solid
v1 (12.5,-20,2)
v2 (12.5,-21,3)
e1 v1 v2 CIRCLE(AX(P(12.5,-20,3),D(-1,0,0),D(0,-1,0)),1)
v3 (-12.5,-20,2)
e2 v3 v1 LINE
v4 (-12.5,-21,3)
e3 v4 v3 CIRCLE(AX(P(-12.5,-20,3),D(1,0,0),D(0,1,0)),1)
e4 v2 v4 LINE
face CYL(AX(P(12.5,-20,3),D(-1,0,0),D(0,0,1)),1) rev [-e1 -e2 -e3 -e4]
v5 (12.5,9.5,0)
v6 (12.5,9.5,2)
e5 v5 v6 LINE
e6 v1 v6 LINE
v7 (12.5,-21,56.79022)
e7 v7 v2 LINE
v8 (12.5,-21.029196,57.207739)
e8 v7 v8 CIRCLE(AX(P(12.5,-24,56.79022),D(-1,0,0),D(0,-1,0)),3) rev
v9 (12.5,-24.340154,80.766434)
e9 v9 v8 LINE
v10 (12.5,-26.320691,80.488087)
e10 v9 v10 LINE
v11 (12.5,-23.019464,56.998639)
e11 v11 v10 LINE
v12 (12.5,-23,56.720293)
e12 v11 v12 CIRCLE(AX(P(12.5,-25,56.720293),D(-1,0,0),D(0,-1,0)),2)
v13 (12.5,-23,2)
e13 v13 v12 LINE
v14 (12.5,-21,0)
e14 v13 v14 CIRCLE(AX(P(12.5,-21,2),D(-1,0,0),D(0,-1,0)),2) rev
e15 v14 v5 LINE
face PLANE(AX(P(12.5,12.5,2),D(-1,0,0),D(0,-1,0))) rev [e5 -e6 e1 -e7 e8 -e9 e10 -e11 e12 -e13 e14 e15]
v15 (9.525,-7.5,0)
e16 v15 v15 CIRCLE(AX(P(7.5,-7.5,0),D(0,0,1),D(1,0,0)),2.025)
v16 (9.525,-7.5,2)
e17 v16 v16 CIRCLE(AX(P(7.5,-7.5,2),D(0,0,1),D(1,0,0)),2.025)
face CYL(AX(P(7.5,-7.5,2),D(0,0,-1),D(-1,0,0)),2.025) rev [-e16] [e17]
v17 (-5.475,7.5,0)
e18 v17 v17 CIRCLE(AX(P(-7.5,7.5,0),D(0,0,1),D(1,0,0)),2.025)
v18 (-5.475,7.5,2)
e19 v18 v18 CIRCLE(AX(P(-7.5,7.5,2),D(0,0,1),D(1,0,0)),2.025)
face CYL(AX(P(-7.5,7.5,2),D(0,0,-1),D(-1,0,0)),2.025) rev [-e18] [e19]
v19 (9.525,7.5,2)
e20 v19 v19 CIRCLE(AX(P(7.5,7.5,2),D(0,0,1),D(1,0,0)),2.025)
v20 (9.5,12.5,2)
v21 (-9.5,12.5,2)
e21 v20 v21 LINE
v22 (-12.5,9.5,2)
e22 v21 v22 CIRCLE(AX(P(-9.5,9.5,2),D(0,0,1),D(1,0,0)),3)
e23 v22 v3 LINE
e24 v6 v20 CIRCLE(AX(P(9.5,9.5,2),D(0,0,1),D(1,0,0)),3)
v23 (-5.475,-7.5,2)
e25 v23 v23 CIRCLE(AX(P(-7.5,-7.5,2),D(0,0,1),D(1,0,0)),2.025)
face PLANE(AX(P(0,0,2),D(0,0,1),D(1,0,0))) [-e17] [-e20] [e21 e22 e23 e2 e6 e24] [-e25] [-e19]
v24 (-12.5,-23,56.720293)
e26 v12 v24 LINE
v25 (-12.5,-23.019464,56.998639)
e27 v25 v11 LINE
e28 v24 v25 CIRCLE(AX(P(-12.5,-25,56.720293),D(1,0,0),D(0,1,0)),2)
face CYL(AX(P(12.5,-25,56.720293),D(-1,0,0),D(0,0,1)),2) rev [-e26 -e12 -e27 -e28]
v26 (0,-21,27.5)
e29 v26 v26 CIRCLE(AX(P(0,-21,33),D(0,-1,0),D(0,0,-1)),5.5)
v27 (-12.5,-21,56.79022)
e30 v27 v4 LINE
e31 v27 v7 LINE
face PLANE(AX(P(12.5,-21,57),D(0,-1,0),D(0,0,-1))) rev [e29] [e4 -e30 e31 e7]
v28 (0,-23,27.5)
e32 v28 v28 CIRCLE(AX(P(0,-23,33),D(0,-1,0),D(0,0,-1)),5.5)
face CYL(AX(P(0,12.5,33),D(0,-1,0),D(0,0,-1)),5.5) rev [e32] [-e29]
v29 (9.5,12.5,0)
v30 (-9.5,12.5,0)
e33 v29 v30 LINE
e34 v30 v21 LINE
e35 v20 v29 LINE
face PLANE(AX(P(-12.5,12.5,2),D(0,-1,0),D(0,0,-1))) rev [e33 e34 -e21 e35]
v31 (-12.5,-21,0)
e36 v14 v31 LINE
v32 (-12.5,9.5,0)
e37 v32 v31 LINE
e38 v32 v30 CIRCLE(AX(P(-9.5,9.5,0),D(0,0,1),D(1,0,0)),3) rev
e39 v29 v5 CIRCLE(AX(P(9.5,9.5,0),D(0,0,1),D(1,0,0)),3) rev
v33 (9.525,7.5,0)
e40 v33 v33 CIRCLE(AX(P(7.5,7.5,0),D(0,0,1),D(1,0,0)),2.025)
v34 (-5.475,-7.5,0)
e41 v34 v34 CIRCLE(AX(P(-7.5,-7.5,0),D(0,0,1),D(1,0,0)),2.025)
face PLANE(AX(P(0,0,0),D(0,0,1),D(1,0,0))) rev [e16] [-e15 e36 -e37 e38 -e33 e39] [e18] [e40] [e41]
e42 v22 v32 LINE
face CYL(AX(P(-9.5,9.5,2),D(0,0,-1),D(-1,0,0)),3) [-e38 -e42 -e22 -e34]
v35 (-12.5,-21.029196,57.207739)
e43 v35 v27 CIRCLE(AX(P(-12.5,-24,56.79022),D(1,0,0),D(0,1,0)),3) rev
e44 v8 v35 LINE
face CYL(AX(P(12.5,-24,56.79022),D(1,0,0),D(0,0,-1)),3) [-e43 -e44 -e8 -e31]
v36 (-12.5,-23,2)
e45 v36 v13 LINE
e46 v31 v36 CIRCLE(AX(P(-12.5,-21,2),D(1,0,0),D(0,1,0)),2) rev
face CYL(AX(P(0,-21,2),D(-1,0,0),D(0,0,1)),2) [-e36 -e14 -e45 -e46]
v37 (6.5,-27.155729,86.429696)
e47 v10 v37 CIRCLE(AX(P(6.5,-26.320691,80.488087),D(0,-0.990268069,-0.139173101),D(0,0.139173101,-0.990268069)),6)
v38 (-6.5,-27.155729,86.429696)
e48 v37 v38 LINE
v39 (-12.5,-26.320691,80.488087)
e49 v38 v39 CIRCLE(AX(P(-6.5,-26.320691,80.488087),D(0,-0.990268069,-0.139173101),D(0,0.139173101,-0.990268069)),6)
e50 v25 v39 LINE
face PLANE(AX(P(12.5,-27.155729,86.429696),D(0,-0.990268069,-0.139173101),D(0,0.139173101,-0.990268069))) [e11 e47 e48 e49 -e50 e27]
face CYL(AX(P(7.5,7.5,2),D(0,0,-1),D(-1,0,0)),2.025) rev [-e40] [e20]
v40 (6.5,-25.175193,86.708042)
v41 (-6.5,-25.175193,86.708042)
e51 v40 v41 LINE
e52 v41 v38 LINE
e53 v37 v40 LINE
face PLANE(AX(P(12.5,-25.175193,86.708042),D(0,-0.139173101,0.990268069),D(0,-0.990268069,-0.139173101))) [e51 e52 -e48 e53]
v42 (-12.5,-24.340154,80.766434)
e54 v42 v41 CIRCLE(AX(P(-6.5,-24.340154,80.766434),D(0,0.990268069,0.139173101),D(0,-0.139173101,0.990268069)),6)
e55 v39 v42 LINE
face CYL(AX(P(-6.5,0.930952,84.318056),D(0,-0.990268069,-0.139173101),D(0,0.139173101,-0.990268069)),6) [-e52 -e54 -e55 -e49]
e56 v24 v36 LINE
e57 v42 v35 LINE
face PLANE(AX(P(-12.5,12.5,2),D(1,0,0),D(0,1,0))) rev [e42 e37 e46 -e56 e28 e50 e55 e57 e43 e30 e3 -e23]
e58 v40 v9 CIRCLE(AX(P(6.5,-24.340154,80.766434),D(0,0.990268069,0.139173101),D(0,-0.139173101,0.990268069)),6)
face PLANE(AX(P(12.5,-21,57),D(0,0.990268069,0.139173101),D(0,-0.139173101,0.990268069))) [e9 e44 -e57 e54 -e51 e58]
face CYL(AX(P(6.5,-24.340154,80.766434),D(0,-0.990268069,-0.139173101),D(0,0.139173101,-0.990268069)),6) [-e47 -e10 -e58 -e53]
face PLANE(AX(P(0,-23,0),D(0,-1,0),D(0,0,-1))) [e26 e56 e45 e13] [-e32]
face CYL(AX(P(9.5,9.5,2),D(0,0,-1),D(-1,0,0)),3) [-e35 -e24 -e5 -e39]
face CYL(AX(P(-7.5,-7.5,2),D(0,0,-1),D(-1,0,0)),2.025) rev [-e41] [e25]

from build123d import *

# Parameters (mm, degrees)
SKETCH1_W           = 25
SKETCH1_H           = 25
SKETCH1_R           = 2.025
BOSS_EXTRUDE1_DEPTH = 2
SKETCH2_W           = 25
SKETCH2_H           = 2
BOSS_EXTRUDE2_DEPTH = 10.5
SKETCH3_W           = 25
SKETCH3_H           = 2
BOSS_EXTRUDE3_DEPTH = 55
FILLET1_R           = 3
FILLET2_R           = 2
FILLET3_R           = 1
BOSS_EXTRUDE4_DEPTH = 25
FILLET4_R           = 3
FILLET5_R           = 2
SKETCH6_R           = 5.5
CUT_EXTRUDE1_DEPTH  = 95.523989327
FILLET6_R           = 6


with BuildPart() as part:
    # Sketch1 → Boss-Extrude1 (new body)
    with BuildSketch(Plane.XY):
        Rectangle(SKETCH1_W, SKETCH1_H)
        with Locations((-7.5, 7.5)):
            Circle(SKETCH1_R, mode=Mode.SUBTRACT)
        with Locations((7.5, 7.5)):
            Circle(SKETCH1_R, mode=Mode.SUBTRACT)
        with Locations((7.5, -7.5)):
            Circle(SKETCH1_R, mode=Mode.SUBTRACT)
        with Locations((-7.5, -7.5)):
            Circle(SKETCH1_R, mode=Mode.SUBTRACT)
    extrude(amount=BOSS_EXTRUDE1_DEPTH)

    # Sketch2 → Boss-Extrude2 (add)
    with BuildSketch(Plane.XZ.offset(12.5)):
        with Locations((0, 1)):
            Rectangle(SKETCH2_W, SKETCH2_H)
    extrude(amount=BOSS_EXTRUDE2_DEPTH)

    # Sketch3 → Boss-Extrude3 (add)
    with BuildSketch(Plane.XY.offset(2)):
        with Locations((0, -22)):
            Rectangle(SKETCH3_W, SKETCH3_H)
    extrude(amount=BOSS_EXTRUDE3_DEPTH)

    # Fillet1
    fillet1_edges = [part.edges().sort_by_distance(p)[0] for p in [
        (-12.5, 12.5, 1),
        (12.5, 12.5, 1),
    ]]
    fillet(fillet1_edges, radius=FILLET1_R)

    # Fillet2
    fillet2_edges = [part.edges().sort_by_distance(p)[0] for p in [
        (0, -23, 0),
    ]]
    fillet(fillet2_edges, radius=FILLET2_R)

    # Fillet3
    fillet3_edges = [part.edges().sort_by_distance(p)[0] for p in [
        (0, -21, 2),
    ]]
    fillet(fillet3_edges, radius=FILLET3_R)

    # Sketch5 → Boss-Extrude4 (add)
    with BuildSketch(Plane.ZY.offset(12.5)):
        Polygon((57, -21), (86.708042062, -25.175193029), (86.42969586, -27.155729166), (57, -23.019655145), (56.721653798, -22.980536137), align=None)
    extrude(amount=-BOSS_EXTRUDE4_DEPTH)

    # Fillet4
    fillet4_edges = [part.edges().sort_by_distance(p)[0] for p in [
        (0, -21, 57),
    ]]
    fillet(fillet4_edges, radius=FILLET4_R)

    # Fillet5
    fillet5_edges = [part.edges().sort_by_distance(p)[0] for p in [
        (0, -23, 56.860146376),
    ]]
    fillet(fillet5_edges, radius=FILLET5_R)

    # Sketch6 → Cut-Extrude1 (cut, through all)
    with BuildSketch(Plane.XZ.offset(23)):
        with Locations(Location((0, 33, 0), (0, 0, 270))):
            Circle(SKETCH6_R)
    extrude(amount=-CUT_EXTRUDE1_DEPTH, mode=Mode.SUBTRACT)

    # Fillet6
    fillet6_edges = [part.edges().sort_by_distance(p)[0] for p in [
        (12.5, -26.165461098, 86.568868961),
        (-12.5, -26.165461098, 86.568868961),
    ]]
    fillet(fillet6_edges, radius=FILLET6_R)


solid = part.part
